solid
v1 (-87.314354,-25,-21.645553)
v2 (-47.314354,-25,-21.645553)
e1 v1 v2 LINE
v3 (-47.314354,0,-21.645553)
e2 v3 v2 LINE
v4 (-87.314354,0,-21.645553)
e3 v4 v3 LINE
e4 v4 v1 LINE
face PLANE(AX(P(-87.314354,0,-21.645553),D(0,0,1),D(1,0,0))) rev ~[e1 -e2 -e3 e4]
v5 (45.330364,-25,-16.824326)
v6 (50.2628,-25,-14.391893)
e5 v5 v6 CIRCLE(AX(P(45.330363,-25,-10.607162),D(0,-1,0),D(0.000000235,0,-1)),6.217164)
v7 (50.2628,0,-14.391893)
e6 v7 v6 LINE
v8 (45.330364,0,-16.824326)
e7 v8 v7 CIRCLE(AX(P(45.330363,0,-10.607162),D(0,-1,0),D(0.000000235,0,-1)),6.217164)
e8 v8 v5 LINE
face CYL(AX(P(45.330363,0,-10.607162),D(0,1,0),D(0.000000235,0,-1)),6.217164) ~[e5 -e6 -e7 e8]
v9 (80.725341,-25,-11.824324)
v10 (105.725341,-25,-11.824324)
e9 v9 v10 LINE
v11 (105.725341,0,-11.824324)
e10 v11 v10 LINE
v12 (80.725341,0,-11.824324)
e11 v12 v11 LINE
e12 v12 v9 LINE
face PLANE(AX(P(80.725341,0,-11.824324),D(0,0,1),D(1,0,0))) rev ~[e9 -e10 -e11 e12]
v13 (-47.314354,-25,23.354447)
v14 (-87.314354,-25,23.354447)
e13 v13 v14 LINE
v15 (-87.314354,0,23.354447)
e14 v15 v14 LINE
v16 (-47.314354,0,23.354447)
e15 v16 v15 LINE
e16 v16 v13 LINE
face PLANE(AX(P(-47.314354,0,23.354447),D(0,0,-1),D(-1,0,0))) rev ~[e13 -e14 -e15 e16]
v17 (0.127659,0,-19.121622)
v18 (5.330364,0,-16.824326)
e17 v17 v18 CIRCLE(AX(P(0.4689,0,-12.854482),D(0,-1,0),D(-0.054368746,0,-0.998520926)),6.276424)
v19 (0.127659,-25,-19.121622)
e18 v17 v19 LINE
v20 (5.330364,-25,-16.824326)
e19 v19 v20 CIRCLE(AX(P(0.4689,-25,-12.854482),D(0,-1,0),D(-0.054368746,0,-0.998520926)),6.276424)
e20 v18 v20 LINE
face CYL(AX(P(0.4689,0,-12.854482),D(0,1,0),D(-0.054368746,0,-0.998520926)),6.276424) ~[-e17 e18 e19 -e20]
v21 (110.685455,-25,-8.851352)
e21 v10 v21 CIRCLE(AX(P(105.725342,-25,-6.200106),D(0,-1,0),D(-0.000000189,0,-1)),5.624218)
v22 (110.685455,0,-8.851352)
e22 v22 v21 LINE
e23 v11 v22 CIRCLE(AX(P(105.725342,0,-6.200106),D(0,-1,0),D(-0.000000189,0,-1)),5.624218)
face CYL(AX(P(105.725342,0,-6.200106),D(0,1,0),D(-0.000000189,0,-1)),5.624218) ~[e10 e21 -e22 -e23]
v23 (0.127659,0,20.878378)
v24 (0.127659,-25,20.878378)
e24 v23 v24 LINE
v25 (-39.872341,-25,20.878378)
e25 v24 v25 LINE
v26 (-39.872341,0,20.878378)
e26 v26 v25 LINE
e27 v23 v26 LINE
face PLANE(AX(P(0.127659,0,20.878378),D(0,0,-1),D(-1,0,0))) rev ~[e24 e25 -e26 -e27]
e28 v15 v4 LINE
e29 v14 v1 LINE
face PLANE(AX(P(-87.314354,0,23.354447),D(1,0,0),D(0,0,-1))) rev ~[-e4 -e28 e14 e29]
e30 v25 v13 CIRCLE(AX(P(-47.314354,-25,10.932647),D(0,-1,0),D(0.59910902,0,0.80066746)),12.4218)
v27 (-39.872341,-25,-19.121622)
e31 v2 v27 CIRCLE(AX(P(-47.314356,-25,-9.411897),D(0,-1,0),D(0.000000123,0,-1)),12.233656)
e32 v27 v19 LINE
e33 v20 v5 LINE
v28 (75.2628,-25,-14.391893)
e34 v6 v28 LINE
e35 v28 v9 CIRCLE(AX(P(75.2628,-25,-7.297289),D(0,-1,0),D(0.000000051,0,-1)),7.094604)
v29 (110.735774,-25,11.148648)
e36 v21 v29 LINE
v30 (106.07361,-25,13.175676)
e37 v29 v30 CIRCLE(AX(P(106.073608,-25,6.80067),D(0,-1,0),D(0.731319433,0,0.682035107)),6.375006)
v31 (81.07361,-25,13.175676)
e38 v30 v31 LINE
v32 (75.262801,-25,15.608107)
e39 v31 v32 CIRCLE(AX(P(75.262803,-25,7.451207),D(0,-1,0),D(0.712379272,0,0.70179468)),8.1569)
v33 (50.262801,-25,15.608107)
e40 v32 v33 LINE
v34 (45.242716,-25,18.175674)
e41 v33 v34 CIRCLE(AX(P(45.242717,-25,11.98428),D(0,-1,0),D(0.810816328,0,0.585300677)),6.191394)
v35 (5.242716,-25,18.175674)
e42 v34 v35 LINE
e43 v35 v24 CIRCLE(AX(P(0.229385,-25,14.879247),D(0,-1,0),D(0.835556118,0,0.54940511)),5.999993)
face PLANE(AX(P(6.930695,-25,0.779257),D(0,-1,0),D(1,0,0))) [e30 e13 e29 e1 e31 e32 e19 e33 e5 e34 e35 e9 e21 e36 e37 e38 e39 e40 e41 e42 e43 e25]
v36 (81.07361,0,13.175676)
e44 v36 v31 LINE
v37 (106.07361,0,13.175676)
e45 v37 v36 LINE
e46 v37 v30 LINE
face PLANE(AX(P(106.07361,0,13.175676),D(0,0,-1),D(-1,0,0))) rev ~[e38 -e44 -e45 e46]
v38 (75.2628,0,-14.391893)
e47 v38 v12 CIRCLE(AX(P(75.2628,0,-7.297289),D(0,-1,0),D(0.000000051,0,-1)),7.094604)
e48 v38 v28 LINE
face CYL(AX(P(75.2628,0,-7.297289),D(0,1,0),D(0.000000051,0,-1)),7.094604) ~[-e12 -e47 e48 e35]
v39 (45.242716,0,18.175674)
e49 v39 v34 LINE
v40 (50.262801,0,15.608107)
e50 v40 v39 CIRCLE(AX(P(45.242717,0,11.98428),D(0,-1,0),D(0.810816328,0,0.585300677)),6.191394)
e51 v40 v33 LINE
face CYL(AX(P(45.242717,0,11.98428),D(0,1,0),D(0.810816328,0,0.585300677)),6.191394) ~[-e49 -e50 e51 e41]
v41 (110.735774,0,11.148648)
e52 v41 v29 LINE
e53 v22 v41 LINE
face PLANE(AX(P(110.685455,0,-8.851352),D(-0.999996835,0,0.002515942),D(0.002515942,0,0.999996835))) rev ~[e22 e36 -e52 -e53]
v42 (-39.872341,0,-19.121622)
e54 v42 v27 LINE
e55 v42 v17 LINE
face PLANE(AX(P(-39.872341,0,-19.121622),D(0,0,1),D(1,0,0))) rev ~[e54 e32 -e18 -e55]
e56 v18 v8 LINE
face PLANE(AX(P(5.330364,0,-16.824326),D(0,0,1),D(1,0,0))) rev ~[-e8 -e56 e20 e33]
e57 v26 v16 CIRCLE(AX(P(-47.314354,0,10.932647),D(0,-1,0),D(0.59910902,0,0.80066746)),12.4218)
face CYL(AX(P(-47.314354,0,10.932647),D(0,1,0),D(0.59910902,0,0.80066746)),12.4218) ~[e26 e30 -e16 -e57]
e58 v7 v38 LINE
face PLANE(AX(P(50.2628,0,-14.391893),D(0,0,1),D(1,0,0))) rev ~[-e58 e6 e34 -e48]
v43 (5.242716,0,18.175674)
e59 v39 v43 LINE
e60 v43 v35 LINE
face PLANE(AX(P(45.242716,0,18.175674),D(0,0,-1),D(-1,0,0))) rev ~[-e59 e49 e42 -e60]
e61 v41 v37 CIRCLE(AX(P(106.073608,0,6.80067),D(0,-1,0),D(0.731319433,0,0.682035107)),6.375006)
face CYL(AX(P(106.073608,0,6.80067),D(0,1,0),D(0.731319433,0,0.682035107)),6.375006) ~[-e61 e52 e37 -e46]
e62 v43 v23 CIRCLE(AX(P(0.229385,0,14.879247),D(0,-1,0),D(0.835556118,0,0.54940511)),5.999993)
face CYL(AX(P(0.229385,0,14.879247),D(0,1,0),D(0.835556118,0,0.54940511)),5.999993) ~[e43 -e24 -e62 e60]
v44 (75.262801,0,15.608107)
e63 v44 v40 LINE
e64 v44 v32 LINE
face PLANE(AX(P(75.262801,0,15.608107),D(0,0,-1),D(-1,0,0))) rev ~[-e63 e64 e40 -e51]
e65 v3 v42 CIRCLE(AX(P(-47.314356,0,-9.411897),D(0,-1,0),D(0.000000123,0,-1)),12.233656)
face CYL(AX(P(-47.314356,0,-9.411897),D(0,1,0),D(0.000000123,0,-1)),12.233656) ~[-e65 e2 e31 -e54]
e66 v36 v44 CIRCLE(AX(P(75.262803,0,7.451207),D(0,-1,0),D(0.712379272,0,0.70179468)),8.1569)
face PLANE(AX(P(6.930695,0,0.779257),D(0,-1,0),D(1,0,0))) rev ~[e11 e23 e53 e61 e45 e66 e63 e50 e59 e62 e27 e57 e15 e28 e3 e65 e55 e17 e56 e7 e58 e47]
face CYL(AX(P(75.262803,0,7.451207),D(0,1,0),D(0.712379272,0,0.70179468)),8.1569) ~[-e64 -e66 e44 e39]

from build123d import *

# Parameters (mm, degrees)
F1_DEPTH = 25


with BuildPart() as f1:
    # F0 (on Front) → F1 (new body)
    with BuildSketch(Plane.XZ):
        with BuildLine():
            Line((-47.314354, 23.354447), (-87.314354, 23.354447))
            Line((-87.314354, 23.354447), (-87.314354, -21.645553))
            Line((-87.314354, -21.645553), (-47.314354, -21.645553))
            ThreePointArc((-47.314354, -21.645553), (-43.385175, -20.9974), (-39.872341, -19.121622))
            Line((-39.872341, -19.121622), (0.127659, -19.121622))
            ThreePointArc((0.127659, -19.121622), (3.004151, -18.596084), (5.330364, -16.824326))
            Line((5.330364, -16.824326), (45.330364, -16.824326))
            ThreePointArc((45.330364, -16.824326), (48.080166, -16.183156), (50.2628, -14.391893))
            Line((50.2628, -14.391893), (75.2628, -14.391893))
            ThreePointArc((75.2628, -14.391893), (78.280736, -13.717995), (80.725341, -11.824324))
            Line((80.725341, -11.824324), (105.725341, -11.824324))
            ThreePointArc((105.725341, -11.824324), (108.616764, -11.024161), (110.685455, -8.851352))
            Line((110.685455, -8.851352), (110.735774, 11.148648))
            ThreePointArc((110.735774, 11.148648), (108.61549, 12.646997), (106.07361, 13.175676))
            Line((106.07361, 13.175676), (81.07361, 13.175676))
            ThreePointArc((81.07361, 13.175676), (78.412493, 14.975466), (75.262801, 15.608107))
            Line((75.262801, 15.608107), (50.262801, 15.608107))
            ThreePointArc((50.262801, 15.608107), (48.062009, 17.496535), (45.242716, 18.175674))
            Line((45.242716, 18.175674), (5.242716, 18.175674))
            ThreePointArc((5.242716, 18.175674), (3.03244, 20.184226), (0.127659, 20.878378))
            Line((0.127659, 20.878378), (-39.872341, 20.878378))
            ThreePointArc((-39.872341, 20.878378), (-43.392796, 22.719186), (-47.314354, 23.354447))
        make_face()
    extrude(amount=F1_DEPTH)


solid = f1.part
